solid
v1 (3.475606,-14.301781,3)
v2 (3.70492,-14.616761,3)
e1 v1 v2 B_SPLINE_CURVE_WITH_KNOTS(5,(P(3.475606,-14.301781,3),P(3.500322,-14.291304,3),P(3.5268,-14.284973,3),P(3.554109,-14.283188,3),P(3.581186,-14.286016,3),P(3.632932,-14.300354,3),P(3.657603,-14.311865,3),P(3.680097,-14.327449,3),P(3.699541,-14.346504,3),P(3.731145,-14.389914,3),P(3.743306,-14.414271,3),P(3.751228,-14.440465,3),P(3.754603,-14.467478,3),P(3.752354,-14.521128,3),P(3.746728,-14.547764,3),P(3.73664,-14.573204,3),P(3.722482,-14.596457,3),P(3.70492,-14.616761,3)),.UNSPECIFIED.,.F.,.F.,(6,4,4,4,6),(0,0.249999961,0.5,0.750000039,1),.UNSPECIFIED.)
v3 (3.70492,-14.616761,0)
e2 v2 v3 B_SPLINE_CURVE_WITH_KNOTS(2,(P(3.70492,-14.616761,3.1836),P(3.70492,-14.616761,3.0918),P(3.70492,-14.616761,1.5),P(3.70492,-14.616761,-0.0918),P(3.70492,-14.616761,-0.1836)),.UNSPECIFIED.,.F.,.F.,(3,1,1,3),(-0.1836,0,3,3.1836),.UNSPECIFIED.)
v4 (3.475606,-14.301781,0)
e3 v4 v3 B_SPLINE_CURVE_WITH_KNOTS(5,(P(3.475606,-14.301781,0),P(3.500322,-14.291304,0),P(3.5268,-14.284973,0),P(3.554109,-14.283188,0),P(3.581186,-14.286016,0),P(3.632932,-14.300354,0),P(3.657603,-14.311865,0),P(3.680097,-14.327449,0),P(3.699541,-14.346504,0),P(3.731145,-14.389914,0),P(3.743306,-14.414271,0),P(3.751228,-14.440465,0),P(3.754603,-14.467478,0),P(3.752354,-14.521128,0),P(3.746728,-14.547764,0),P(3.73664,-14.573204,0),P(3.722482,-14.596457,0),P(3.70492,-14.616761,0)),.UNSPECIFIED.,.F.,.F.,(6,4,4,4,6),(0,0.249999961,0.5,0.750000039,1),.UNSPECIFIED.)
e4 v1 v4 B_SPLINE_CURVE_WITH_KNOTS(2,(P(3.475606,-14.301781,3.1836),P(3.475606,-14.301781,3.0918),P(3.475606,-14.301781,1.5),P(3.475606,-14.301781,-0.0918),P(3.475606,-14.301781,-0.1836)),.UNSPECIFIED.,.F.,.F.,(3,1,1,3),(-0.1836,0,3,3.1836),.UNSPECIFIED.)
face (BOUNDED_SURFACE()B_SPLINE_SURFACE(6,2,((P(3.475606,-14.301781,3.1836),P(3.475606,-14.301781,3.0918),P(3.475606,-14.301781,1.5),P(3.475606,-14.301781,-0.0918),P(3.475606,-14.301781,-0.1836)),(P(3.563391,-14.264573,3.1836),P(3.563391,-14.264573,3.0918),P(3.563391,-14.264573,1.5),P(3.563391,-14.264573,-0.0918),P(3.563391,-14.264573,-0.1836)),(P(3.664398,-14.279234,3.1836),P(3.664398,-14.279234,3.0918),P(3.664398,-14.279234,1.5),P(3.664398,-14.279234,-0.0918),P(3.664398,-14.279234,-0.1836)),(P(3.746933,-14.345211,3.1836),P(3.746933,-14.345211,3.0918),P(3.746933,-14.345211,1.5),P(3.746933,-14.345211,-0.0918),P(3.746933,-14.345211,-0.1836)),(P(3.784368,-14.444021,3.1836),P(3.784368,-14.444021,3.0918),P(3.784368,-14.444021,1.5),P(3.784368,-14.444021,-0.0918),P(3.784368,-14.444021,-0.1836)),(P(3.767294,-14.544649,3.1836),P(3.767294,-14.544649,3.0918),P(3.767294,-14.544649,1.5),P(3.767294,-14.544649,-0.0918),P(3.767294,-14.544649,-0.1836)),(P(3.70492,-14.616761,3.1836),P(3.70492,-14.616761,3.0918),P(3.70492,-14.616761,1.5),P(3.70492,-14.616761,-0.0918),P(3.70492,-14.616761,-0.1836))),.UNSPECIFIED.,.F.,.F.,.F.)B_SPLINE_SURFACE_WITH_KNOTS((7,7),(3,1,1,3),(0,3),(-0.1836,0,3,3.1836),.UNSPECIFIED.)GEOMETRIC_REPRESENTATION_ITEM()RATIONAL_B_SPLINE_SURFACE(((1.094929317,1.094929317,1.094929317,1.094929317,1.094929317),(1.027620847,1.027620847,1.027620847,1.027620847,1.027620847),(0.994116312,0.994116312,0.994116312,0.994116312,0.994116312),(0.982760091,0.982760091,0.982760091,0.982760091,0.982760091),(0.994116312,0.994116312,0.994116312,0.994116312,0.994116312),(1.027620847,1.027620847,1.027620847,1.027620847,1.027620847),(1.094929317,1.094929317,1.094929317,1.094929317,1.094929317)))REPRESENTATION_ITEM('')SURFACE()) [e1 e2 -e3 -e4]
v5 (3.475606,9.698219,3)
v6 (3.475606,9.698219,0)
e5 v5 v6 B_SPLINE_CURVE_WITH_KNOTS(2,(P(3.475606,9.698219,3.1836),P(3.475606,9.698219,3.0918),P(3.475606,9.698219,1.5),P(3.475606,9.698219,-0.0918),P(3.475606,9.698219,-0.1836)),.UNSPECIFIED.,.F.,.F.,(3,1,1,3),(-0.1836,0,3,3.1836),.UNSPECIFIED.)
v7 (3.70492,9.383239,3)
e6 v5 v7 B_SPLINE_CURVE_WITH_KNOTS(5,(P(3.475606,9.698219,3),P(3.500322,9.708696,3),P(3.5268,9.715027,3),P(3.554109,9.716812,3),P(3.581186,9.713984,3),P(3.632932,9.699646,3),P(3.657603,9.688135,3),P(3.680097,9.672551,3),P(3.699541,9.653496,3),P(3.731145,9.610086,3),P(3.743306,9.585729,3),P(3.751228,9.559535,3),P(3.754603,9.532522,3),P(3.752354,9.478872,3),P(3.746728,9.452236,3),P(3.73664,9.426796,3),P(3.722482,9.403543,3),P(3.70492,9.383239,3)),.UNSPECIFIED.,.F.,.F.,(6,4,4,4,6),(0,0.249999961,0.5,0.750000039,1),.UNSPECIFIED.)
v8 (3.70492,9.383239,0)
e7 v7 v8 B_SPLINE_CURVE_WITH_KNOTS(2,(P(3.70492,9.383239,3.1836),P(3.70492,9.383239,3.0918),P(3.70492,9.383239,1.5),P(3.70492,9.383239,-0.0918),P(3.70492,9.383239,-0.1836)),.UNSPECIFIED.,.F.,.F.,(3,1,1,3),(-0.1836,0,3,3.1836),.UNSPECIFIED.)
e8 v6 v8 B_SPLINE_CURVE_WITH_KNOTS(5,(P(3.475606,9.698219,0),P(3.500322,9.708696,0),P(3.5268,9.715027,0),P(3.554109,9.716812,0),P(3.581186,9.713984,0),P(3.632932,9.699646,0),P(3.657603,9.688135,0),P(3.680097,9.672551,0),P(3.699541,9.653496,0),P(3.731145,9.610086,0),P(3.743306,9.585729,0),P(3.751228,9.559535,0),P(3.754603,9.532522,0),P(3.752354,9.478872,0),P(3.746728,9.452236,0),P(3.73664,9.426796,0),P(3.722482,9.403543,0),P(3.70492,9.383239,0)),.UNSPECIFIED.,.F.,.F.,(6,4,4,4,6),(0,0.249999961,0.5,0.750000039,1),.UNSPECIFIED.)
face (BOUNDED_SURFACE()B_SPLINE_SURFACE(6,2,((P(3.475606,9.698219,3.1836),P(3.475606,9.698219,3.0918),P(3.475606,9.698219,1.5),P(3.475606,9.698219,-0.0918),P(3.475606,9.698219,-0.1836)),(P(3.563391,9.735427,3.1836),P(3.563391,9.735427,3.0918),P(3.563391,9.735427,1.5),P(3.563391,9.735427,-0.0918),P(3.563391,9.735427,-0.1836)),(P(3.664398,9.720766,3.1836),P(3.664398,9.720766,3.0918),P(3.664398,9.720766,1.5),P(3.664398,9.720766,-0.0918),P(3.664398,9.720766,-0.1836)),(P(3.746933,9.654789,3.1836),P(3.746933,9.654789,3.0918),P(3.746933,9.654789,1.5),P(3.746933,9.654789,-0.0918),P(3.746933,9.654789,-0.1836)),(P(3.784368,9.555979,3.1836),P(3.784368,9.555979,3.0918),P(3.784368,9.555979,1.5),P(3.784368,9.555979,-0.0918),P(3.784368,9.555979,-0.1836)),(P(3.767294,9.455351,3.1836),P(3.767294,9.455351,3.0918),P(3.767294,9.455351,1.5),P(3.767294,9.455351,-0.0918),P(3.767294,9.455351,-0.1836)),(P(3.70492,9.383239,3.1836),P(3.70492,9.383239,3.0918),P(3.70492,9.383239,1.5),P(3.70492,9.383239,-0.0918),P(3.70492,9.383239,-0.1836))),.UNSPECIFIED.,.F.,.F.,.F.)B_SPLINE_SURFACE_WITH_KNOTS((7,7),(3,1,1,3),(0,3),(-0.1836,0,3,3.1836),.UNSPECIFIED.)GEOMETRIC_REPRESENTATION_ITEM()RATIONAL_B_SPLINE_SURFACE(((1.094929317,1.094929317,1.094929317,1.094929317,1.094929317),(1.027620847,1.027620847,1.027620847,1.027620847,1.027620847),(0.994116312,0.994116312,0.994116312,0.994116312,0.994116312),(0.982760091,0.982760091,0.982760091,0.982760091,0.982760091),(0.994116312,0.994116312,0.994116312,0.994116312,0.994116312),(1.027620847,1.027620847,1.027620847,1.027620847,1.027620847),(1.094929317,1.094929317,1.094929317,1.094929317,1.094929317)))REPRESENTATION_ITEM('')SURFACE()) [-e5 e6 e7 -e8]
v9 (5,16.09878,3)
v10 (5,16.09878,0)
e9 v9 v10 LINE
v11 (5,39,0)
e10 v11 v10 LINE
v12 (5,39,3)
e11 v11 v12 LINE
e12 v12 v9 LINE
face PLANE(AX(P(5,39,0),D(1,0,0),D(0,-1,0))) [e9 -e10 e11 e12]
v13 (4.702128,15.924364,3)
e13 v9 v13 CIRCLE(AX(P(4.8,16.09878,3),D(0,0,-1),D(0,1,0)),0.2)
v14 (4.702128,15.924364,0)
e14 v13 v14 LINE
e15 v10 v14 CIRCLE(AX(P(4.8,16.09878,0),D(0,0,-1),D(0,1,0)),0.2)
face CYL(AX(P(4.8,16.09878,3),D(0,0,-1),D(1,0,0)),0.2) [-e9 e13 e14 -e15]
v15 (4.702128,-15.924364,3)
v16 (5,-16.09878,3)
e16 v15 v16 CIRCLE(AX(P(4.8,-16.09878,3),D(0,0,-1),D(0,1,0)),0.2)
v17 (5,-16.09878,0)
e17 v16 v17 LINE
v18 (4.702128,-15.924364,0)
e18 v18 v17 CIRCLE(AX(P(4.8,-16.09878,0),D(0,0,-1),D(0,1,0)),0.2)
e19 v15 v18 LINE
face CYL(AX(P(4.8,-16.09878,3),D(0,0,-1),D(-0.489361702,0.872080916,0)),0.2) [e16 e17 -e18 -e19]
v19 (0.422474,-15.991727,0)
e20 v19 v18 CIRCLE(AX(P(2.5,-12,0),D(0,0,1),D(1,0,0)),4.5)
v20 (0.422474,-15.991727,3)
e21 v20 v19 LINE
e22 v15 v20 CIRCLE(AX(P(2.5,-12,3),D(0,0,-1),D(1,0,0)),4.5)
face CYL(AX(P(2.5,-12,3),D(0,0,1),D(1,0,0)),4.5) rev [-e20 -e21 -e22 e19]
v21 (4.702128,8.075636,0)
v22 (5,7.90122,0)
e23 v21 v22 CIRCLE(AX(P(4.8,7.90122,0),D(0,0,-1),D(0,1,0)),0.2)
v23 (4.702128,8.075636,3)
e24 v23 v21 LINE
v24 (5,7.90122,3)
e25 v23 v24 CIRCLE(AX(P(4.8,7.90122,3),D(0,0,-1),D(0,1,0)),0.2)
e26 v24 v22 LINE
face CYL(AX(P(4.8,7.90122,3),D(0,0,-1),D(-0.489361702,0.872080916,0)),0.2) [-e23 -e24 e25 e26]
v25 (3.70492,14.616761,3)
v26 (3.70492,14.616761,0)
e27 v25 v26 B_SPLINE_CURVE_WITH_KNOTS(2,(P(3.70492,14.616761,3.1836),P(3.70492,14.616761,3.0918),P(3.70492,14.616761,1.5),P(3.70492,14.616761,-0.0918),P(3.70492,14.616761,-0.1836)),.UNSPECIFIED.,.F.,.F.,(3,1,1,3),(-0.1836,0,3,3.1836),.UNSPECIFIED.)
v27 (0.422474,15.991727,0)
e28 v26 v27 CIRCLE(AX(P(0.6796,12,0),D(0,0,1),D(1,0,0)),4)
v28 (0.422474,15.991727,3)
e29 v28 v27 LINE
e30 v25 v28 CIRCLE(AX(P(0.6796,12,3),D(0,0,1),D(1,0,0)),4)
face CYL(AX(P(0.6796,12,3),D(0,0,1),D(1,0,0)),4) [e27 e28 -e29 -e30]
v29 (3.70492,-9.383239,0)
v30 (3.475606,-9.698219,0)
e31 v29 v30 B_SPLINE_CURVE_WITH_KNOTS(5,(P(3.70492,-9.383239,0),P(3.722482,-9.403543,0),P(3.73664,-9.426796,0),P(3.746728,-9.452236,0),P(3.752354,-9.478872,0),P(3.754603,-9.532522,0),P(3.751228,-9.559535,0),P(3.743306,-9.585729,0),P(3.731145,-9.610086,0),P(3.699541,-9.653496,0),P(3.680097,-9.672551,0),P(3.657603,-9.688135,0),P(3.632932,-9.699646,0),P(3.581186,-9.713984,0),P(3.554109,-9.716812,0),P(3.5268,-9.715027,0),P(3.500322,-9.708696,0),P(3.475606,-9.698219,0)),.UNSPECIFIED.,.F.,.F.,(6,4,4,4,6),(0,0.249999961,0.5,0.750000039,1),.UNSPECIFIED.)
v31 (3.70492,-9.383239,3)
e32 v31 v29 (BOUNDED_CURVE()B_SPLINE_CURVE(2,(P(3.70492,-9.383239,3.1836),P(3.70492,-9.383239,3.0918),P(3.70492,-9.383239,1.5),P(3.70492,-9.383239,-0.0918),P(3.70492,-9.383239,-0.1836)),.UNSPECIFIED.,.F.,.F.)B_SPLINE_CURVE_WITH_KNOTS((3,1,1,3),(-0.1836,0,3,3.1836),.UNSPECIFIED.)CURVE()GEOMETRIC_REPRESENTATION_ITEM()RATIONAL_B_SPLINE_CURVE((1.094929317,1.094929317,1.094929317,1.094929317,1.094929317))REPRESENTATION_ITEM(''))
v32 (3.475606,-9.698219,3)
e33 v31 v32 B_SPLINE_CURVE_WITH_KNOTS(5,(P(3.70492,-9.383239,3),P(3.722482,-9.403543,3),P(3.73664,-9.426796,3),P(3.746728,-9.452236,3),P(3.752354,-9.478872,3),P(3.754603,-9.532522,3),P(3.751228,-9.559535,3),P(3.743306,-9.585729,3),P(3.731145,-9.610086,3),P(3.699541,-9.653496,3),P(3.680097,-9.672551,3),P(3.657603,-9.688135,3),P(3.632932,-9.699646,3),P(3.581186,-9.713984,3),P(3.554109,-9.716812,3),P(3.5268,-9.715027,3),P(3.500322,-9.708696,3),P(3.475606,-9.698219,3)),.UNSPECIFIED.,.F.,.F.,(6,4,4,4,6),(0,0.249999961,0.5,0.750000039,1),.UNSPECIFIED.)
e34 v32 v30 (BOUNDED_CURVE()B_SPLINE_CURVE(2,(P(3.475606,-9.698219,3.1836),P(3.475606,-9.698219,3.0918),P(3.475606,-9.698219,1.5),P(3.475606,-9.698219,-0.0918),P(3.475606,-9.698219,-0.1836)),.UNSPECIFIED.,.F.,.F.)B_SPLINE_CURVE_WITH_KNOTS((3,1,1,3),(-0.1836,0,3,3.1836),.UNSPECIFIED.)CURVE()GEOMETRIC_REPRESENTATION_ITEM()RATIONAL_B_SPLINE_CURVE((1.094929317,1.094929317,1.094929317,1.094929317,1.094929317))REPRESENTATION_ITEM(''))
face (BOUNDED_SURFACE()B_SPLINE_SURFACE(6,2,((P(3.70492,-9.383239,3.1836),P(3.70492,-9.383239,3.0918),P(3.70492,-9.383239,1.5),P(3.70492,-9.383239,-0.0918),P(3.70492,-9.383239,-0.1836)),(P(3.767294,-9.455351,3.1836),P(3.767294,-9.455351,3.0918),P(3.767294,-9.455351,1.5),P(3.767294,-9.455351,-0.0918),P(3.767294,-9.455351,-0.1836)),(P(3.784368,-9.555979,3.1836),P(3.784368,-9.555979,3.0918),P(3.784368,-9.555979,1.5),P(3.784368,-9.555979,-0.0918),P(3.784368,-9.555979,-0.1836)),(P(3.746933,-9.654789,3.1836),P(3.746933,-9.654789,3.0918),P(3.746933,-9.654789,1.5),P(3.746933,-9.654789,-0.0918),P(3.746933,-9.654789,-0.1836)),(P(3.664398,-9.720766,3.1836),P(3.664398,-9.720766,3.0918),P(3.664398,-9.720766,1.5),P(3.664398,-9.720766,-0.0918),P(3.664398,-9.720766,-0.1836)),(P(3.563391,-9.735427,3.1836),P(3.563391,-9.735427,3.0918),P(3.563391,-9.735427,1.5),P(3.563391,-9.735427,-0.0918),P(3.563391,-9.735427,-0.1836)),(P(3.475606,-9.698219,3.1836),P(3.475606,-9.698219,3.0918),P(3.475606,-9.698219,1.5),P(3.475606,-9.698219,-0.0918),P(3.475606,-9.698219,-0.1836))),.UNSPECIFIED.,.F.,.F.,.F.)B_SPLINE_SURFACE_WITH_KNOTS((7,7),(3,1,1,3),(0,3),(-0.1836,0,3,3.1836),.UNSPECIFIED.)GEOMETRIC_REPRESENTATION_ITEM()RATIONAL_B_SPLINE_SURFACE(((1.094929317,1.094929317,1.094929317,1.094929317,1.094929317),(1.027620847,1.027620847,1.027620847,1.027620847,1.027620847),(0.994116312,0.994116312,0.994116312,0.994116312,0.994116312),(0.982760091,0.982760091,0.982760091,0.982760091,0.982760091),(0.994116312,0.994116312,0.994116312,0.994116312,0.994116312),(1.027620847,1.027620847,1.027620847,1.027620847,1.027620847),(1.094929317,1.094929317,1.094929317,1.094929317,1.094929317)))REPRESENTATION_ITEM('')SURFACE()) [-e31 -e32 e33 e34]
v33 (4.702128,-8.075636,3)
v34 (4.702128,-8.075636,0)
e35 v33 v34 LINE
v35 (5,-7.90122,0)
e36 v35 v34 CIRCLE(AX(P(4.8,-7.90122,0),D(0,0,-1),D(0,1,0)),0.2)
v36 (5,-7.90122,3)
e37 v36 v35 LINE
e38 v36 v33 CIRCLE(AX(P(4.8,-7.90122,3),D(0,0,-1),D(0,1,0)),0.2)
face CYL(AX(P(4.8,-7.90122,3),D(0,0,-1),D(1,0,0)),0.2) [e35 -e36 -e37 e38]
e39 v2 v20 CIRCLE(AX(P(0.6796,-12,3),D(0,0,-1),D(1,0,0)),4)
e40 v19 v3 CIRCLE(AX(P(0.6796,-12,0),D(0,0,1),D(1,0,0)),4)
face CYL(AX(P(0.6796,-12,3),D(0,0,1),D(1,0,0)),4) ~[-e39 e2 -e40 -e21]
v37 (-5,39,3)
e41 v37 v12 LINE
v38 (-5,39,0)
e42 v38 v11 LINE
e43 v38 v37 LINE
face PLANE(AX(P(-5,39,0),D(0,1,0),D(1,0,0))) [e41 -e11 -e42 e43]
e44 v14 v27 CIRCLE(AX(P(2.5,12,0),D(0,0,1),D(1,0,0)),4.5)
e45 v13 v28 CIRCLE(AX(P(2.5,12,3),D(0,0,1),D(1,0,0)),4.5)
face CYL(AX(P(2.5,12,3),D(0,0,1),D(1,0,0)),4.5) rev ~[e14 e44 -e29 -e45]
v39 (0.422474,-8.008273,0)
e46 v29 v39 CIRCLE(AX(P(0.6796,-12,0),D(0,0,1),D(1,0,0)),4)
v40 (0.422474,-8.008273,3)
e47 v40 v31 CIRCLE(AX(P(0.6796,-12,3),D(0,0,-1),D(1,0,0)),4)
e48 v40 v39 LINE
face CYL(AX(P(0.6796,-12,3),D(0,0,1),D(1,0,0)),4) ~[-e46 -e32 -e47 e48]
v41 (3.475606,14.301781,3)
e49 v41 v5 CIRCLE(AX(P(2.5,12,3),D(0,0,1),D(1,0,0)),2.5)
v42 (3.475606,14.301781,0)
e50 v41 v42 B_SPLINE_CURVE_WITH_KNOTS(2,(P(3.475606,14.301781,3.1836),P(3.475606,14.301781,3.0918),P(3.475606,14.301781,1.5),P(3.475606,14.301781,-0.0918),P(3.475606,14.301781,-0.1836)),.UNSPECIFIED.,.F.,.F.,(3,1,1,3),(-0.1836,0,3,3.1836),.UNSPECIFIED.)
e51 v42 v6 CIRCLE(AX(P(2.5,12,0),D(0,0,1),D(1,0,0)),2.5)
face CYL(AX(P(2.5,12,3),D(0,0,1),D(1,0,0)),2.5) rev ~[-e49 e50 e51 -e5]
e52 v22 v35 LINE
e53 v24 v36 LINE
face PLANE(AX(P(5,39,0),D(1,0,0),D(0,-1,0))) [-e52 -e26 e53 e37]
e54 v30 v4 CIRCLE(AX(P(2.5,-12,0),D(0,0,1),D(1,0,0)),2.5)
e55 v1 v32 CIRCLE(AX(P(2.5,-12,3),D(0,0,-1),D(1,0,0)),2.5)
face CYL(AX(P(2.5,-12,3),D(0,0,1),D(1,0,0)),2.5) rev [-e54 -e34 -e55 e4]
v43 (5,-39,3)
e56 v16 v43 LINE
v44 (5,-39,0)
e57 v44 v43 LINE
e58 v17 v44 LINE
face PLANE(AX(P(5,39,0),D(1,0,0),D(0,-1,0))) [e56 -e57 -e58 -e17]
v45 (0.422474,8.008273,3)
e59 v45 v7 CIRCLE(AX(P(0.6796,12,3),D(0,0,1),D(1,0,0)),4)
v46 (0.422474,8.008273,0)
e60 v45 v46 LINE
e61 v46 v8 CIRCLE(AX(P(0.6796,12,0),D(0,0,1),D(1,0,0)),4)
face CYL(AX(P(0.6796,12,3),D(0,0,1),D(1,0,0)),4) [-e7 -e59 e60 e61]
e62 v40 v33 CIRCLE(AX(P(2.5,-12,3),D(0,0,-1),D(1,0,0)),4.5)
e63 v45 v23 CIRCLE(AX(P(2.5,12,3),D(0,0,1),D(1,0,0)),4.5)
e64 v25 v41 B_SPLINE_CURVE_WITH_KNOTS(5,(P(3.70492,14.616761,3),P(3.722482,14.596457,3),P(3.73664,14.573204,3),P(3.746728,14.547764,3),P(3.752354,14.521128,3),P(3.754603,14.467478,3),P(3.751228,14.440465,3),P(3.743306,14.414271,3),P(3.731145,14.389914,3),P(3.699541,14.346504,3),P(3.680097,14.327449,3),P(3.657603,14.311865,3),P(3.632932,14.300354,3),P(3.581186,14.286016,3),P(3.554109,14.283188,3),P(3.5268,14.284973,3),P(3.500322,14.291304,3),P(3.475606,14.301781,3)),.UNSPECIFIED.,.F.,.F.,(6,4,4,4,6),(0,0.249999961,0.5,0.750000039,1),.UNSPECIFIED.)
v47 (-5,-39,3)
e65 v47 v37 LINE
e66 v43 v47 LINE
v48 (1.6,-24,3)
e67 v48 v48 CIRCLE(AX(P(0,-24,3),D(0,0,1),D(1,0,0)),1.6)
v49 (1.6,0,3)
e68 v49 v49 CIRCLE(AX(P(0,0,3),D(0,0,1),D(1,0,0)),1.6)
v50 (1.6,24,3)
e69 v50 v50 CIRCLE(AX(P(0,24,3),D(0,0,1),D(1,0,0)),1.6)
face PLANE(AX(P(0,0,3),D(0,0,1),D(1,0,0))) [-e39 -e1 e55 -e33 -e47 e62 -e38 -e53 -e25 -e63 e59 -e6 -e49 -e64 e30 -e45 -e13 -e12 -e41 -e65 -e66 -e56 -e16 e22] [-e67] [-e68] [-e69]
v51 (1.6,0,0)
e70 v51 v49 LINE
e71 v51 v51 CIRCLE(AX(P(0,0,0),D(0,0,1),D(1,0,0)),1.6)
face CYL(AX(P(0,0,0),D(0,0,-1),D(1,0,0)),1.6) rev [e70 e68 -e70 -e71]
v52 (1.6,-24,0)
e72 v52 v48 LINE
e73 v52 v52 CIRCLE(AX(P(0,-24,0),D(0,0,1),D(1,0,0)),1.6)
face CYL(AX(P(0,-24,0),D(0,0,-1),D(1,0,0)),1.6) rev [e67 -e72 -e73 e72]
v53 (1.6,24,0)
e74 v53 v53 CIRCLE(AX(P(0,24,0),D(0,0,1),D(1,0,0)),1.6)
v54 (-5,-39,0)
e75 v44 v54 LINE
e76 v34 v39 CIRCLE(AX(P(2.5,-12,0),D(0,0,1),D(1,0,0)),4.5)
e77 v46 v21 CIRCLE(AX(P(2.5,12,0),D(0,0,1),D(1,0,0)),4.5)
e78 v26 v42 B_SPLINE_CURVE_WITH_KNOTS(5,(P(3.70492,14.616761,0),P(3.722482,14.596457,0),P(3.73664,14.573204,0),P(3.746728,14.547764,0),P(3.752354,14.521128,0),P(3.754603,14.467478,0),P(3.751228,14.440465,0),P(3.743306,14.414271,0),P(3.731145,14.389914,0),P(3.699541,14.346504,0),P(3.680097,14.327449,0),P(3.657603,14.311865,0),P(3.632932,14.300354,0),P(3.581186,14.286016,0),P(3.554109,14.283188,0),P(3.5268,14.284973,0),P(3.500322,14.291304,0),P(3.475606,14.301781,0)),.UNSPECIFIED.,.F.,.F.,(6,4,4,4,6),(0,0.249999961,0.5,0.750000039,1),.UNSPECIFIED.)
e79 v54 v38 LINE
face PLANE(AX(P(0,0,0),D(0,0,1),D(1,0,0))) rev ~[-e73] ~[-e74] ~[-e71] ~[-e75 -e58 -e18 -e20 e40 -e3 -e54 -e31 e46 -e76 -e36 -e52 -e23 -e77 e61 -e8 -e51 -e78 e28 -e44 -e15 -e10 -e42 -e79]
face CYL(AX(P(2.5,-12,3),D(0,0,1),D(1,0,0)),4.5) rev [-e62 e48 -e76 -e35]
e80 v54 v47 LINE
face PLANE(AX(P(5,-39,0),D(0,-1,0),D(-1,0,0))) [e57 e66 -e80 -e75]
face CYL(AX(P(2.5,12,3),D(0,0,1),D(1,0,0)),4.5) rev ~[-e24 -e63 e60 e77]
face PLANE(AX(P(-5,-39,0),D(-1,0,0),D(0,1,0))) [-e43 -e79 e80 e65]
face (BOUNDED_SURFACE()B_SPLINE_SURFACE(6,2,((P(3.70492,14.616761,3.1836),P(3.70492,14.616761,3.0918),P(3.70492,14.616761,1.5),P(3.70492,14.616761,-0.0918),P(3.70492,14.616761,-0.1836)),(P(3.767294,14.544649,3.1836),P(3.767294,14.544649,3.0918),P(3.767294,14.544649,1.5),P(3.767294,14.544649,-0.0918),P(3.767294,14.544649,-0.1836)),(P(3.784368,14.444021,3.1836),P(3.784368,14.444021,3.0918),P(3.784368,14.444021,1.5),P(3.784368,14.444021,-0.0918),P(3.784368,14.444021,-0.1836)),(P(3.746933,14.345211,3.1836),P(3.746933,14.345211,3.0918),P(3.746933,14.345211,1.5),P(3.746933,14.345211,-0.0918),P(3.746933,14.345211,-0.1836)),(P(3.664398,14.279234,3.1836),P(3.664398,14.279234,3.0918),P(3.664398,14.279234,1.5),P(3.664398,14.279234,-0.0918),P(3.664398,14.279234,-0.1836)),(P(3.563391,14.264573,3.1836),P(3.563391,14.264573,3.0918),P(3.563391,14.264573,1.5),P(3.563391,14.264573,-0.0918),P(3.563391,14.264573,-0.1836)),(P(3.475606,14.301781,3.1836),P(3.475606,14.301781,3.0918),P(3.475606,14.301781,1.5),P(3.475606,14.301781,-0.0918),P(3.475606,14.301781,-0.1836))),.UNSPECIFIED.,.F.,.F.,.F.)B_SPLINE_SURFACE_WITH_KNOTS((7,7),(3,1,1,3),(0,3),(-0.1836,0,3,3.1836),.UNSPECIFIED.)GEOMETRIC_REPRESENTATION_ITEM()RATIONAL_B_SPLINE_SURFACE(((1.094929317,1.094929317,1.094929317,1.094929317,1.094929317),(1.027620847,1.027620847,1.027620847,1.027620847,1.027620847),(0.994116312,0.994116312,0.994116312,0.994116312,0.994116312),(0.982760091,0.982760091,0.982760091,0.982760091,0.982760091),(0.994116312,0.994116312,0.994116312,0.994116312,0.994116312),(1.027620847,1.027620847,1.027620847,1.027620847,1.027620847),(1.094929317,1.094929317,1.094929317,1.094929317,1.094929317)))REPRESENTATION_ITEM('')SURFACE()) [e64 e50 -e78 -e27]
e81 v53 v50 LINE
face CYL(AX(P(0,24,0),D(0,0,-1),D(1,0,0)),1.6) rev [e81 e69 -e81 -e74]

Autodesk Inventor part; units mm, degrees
ref_plane "YZ Plane" through (0, 0, 0) normal (1, 0, 0) x (0, 1, 0)
ref_plane "XZ Plane" through (0, 0, 0) normal (0, 1, 0) x (-1, 0, 0)
ref_plane "XY Plane" through (0, 0, 0) normal (0, 0, 1) x (1, 0, 0)
sketch "スケッチ1" plane through (0, 0, 0) normal (0, 0, 1) x (1, 0, 0)
  line L0 (-5, 39) -> (5, 39)
  line L1 (5, 39) -> (5, -39)
  line L2 (5, -39) -> (-5, -39)
  line L3 (-5, -39) -> (-5, 39)
  circle A0 centre (0, 24) radius 1.6
  circle A1 centre (0, 0) radius 1.6
  circle A2 centre (0, -24) radius 1.6
  dimension "d0" = 3.2
  dimension "d1" = 15
  dimension "d2" = 24
  dimension "d3" = 24
  dimension "d4" = 5
  dimension "d5" = 15
  dimension "d6" = 10
extrude "押し出し1" add sketch "スケッチ1" along normal blind 3
sketch "スケッチ2" plane through (0, 0, 3) normal (0, 0, 1) x (1, 0, 0)
  circle A0 centre (2.5, 12) radius 2.5
  line L0 (2.5, 12) -> (5, 14.5)
  line L1 (2.5, 12) -> (5, 9.5)
  line L2 (2.5, 12) -> (5, 12)
  line L3 (5, -39) -> (5, 39) projected
  circle A1 centre (0, 24) radius 1.6 projected
  circle A2 centre (0.6796, 12) radius 4
  circle A3 centre (2.5, 12) radius 4.5
  point P0 (0, 0)
  point P1 (4.2678, 13.7678)
  point P2 (4.2678, 10.2322)
  point P3 (0.4225, 8.0083)
  point P4 (5, 8.2583)
  point P5 (5, 15.7417)
  point P6 (0.4225, 15.9917)
  dimension "d9" = 5
  dimension "d12" = 8
  dimension "d10" = 45
  dimension "d11" = 12
  dimension "d13" = 9
extrude "押し出し2" cut sketch "スケッチ2" against normal through all contours L2 A2 A0 | L3 L1 A0 | A0 A2 L2 | A0 L0 L3 | L0 L1 A0 | A2 L2 L0 | A2 A3 L3 L0 | L1 L3 A3 A2 | L1 L2 A2
fillet "フィレット1" radius 0.2 4 edges at (4.2678, 13.7678, 1.5) (4.2678, 10.2322, 1.5) (5, 15.7417, 1.5) (5, 8.2583, 1.5)
mirror "ミラー1" about plane through (0, 0, 0) normal (0, 1, 0) of "押し出し2", "フィレット1"
properties part number "cover_setter_side_front"
